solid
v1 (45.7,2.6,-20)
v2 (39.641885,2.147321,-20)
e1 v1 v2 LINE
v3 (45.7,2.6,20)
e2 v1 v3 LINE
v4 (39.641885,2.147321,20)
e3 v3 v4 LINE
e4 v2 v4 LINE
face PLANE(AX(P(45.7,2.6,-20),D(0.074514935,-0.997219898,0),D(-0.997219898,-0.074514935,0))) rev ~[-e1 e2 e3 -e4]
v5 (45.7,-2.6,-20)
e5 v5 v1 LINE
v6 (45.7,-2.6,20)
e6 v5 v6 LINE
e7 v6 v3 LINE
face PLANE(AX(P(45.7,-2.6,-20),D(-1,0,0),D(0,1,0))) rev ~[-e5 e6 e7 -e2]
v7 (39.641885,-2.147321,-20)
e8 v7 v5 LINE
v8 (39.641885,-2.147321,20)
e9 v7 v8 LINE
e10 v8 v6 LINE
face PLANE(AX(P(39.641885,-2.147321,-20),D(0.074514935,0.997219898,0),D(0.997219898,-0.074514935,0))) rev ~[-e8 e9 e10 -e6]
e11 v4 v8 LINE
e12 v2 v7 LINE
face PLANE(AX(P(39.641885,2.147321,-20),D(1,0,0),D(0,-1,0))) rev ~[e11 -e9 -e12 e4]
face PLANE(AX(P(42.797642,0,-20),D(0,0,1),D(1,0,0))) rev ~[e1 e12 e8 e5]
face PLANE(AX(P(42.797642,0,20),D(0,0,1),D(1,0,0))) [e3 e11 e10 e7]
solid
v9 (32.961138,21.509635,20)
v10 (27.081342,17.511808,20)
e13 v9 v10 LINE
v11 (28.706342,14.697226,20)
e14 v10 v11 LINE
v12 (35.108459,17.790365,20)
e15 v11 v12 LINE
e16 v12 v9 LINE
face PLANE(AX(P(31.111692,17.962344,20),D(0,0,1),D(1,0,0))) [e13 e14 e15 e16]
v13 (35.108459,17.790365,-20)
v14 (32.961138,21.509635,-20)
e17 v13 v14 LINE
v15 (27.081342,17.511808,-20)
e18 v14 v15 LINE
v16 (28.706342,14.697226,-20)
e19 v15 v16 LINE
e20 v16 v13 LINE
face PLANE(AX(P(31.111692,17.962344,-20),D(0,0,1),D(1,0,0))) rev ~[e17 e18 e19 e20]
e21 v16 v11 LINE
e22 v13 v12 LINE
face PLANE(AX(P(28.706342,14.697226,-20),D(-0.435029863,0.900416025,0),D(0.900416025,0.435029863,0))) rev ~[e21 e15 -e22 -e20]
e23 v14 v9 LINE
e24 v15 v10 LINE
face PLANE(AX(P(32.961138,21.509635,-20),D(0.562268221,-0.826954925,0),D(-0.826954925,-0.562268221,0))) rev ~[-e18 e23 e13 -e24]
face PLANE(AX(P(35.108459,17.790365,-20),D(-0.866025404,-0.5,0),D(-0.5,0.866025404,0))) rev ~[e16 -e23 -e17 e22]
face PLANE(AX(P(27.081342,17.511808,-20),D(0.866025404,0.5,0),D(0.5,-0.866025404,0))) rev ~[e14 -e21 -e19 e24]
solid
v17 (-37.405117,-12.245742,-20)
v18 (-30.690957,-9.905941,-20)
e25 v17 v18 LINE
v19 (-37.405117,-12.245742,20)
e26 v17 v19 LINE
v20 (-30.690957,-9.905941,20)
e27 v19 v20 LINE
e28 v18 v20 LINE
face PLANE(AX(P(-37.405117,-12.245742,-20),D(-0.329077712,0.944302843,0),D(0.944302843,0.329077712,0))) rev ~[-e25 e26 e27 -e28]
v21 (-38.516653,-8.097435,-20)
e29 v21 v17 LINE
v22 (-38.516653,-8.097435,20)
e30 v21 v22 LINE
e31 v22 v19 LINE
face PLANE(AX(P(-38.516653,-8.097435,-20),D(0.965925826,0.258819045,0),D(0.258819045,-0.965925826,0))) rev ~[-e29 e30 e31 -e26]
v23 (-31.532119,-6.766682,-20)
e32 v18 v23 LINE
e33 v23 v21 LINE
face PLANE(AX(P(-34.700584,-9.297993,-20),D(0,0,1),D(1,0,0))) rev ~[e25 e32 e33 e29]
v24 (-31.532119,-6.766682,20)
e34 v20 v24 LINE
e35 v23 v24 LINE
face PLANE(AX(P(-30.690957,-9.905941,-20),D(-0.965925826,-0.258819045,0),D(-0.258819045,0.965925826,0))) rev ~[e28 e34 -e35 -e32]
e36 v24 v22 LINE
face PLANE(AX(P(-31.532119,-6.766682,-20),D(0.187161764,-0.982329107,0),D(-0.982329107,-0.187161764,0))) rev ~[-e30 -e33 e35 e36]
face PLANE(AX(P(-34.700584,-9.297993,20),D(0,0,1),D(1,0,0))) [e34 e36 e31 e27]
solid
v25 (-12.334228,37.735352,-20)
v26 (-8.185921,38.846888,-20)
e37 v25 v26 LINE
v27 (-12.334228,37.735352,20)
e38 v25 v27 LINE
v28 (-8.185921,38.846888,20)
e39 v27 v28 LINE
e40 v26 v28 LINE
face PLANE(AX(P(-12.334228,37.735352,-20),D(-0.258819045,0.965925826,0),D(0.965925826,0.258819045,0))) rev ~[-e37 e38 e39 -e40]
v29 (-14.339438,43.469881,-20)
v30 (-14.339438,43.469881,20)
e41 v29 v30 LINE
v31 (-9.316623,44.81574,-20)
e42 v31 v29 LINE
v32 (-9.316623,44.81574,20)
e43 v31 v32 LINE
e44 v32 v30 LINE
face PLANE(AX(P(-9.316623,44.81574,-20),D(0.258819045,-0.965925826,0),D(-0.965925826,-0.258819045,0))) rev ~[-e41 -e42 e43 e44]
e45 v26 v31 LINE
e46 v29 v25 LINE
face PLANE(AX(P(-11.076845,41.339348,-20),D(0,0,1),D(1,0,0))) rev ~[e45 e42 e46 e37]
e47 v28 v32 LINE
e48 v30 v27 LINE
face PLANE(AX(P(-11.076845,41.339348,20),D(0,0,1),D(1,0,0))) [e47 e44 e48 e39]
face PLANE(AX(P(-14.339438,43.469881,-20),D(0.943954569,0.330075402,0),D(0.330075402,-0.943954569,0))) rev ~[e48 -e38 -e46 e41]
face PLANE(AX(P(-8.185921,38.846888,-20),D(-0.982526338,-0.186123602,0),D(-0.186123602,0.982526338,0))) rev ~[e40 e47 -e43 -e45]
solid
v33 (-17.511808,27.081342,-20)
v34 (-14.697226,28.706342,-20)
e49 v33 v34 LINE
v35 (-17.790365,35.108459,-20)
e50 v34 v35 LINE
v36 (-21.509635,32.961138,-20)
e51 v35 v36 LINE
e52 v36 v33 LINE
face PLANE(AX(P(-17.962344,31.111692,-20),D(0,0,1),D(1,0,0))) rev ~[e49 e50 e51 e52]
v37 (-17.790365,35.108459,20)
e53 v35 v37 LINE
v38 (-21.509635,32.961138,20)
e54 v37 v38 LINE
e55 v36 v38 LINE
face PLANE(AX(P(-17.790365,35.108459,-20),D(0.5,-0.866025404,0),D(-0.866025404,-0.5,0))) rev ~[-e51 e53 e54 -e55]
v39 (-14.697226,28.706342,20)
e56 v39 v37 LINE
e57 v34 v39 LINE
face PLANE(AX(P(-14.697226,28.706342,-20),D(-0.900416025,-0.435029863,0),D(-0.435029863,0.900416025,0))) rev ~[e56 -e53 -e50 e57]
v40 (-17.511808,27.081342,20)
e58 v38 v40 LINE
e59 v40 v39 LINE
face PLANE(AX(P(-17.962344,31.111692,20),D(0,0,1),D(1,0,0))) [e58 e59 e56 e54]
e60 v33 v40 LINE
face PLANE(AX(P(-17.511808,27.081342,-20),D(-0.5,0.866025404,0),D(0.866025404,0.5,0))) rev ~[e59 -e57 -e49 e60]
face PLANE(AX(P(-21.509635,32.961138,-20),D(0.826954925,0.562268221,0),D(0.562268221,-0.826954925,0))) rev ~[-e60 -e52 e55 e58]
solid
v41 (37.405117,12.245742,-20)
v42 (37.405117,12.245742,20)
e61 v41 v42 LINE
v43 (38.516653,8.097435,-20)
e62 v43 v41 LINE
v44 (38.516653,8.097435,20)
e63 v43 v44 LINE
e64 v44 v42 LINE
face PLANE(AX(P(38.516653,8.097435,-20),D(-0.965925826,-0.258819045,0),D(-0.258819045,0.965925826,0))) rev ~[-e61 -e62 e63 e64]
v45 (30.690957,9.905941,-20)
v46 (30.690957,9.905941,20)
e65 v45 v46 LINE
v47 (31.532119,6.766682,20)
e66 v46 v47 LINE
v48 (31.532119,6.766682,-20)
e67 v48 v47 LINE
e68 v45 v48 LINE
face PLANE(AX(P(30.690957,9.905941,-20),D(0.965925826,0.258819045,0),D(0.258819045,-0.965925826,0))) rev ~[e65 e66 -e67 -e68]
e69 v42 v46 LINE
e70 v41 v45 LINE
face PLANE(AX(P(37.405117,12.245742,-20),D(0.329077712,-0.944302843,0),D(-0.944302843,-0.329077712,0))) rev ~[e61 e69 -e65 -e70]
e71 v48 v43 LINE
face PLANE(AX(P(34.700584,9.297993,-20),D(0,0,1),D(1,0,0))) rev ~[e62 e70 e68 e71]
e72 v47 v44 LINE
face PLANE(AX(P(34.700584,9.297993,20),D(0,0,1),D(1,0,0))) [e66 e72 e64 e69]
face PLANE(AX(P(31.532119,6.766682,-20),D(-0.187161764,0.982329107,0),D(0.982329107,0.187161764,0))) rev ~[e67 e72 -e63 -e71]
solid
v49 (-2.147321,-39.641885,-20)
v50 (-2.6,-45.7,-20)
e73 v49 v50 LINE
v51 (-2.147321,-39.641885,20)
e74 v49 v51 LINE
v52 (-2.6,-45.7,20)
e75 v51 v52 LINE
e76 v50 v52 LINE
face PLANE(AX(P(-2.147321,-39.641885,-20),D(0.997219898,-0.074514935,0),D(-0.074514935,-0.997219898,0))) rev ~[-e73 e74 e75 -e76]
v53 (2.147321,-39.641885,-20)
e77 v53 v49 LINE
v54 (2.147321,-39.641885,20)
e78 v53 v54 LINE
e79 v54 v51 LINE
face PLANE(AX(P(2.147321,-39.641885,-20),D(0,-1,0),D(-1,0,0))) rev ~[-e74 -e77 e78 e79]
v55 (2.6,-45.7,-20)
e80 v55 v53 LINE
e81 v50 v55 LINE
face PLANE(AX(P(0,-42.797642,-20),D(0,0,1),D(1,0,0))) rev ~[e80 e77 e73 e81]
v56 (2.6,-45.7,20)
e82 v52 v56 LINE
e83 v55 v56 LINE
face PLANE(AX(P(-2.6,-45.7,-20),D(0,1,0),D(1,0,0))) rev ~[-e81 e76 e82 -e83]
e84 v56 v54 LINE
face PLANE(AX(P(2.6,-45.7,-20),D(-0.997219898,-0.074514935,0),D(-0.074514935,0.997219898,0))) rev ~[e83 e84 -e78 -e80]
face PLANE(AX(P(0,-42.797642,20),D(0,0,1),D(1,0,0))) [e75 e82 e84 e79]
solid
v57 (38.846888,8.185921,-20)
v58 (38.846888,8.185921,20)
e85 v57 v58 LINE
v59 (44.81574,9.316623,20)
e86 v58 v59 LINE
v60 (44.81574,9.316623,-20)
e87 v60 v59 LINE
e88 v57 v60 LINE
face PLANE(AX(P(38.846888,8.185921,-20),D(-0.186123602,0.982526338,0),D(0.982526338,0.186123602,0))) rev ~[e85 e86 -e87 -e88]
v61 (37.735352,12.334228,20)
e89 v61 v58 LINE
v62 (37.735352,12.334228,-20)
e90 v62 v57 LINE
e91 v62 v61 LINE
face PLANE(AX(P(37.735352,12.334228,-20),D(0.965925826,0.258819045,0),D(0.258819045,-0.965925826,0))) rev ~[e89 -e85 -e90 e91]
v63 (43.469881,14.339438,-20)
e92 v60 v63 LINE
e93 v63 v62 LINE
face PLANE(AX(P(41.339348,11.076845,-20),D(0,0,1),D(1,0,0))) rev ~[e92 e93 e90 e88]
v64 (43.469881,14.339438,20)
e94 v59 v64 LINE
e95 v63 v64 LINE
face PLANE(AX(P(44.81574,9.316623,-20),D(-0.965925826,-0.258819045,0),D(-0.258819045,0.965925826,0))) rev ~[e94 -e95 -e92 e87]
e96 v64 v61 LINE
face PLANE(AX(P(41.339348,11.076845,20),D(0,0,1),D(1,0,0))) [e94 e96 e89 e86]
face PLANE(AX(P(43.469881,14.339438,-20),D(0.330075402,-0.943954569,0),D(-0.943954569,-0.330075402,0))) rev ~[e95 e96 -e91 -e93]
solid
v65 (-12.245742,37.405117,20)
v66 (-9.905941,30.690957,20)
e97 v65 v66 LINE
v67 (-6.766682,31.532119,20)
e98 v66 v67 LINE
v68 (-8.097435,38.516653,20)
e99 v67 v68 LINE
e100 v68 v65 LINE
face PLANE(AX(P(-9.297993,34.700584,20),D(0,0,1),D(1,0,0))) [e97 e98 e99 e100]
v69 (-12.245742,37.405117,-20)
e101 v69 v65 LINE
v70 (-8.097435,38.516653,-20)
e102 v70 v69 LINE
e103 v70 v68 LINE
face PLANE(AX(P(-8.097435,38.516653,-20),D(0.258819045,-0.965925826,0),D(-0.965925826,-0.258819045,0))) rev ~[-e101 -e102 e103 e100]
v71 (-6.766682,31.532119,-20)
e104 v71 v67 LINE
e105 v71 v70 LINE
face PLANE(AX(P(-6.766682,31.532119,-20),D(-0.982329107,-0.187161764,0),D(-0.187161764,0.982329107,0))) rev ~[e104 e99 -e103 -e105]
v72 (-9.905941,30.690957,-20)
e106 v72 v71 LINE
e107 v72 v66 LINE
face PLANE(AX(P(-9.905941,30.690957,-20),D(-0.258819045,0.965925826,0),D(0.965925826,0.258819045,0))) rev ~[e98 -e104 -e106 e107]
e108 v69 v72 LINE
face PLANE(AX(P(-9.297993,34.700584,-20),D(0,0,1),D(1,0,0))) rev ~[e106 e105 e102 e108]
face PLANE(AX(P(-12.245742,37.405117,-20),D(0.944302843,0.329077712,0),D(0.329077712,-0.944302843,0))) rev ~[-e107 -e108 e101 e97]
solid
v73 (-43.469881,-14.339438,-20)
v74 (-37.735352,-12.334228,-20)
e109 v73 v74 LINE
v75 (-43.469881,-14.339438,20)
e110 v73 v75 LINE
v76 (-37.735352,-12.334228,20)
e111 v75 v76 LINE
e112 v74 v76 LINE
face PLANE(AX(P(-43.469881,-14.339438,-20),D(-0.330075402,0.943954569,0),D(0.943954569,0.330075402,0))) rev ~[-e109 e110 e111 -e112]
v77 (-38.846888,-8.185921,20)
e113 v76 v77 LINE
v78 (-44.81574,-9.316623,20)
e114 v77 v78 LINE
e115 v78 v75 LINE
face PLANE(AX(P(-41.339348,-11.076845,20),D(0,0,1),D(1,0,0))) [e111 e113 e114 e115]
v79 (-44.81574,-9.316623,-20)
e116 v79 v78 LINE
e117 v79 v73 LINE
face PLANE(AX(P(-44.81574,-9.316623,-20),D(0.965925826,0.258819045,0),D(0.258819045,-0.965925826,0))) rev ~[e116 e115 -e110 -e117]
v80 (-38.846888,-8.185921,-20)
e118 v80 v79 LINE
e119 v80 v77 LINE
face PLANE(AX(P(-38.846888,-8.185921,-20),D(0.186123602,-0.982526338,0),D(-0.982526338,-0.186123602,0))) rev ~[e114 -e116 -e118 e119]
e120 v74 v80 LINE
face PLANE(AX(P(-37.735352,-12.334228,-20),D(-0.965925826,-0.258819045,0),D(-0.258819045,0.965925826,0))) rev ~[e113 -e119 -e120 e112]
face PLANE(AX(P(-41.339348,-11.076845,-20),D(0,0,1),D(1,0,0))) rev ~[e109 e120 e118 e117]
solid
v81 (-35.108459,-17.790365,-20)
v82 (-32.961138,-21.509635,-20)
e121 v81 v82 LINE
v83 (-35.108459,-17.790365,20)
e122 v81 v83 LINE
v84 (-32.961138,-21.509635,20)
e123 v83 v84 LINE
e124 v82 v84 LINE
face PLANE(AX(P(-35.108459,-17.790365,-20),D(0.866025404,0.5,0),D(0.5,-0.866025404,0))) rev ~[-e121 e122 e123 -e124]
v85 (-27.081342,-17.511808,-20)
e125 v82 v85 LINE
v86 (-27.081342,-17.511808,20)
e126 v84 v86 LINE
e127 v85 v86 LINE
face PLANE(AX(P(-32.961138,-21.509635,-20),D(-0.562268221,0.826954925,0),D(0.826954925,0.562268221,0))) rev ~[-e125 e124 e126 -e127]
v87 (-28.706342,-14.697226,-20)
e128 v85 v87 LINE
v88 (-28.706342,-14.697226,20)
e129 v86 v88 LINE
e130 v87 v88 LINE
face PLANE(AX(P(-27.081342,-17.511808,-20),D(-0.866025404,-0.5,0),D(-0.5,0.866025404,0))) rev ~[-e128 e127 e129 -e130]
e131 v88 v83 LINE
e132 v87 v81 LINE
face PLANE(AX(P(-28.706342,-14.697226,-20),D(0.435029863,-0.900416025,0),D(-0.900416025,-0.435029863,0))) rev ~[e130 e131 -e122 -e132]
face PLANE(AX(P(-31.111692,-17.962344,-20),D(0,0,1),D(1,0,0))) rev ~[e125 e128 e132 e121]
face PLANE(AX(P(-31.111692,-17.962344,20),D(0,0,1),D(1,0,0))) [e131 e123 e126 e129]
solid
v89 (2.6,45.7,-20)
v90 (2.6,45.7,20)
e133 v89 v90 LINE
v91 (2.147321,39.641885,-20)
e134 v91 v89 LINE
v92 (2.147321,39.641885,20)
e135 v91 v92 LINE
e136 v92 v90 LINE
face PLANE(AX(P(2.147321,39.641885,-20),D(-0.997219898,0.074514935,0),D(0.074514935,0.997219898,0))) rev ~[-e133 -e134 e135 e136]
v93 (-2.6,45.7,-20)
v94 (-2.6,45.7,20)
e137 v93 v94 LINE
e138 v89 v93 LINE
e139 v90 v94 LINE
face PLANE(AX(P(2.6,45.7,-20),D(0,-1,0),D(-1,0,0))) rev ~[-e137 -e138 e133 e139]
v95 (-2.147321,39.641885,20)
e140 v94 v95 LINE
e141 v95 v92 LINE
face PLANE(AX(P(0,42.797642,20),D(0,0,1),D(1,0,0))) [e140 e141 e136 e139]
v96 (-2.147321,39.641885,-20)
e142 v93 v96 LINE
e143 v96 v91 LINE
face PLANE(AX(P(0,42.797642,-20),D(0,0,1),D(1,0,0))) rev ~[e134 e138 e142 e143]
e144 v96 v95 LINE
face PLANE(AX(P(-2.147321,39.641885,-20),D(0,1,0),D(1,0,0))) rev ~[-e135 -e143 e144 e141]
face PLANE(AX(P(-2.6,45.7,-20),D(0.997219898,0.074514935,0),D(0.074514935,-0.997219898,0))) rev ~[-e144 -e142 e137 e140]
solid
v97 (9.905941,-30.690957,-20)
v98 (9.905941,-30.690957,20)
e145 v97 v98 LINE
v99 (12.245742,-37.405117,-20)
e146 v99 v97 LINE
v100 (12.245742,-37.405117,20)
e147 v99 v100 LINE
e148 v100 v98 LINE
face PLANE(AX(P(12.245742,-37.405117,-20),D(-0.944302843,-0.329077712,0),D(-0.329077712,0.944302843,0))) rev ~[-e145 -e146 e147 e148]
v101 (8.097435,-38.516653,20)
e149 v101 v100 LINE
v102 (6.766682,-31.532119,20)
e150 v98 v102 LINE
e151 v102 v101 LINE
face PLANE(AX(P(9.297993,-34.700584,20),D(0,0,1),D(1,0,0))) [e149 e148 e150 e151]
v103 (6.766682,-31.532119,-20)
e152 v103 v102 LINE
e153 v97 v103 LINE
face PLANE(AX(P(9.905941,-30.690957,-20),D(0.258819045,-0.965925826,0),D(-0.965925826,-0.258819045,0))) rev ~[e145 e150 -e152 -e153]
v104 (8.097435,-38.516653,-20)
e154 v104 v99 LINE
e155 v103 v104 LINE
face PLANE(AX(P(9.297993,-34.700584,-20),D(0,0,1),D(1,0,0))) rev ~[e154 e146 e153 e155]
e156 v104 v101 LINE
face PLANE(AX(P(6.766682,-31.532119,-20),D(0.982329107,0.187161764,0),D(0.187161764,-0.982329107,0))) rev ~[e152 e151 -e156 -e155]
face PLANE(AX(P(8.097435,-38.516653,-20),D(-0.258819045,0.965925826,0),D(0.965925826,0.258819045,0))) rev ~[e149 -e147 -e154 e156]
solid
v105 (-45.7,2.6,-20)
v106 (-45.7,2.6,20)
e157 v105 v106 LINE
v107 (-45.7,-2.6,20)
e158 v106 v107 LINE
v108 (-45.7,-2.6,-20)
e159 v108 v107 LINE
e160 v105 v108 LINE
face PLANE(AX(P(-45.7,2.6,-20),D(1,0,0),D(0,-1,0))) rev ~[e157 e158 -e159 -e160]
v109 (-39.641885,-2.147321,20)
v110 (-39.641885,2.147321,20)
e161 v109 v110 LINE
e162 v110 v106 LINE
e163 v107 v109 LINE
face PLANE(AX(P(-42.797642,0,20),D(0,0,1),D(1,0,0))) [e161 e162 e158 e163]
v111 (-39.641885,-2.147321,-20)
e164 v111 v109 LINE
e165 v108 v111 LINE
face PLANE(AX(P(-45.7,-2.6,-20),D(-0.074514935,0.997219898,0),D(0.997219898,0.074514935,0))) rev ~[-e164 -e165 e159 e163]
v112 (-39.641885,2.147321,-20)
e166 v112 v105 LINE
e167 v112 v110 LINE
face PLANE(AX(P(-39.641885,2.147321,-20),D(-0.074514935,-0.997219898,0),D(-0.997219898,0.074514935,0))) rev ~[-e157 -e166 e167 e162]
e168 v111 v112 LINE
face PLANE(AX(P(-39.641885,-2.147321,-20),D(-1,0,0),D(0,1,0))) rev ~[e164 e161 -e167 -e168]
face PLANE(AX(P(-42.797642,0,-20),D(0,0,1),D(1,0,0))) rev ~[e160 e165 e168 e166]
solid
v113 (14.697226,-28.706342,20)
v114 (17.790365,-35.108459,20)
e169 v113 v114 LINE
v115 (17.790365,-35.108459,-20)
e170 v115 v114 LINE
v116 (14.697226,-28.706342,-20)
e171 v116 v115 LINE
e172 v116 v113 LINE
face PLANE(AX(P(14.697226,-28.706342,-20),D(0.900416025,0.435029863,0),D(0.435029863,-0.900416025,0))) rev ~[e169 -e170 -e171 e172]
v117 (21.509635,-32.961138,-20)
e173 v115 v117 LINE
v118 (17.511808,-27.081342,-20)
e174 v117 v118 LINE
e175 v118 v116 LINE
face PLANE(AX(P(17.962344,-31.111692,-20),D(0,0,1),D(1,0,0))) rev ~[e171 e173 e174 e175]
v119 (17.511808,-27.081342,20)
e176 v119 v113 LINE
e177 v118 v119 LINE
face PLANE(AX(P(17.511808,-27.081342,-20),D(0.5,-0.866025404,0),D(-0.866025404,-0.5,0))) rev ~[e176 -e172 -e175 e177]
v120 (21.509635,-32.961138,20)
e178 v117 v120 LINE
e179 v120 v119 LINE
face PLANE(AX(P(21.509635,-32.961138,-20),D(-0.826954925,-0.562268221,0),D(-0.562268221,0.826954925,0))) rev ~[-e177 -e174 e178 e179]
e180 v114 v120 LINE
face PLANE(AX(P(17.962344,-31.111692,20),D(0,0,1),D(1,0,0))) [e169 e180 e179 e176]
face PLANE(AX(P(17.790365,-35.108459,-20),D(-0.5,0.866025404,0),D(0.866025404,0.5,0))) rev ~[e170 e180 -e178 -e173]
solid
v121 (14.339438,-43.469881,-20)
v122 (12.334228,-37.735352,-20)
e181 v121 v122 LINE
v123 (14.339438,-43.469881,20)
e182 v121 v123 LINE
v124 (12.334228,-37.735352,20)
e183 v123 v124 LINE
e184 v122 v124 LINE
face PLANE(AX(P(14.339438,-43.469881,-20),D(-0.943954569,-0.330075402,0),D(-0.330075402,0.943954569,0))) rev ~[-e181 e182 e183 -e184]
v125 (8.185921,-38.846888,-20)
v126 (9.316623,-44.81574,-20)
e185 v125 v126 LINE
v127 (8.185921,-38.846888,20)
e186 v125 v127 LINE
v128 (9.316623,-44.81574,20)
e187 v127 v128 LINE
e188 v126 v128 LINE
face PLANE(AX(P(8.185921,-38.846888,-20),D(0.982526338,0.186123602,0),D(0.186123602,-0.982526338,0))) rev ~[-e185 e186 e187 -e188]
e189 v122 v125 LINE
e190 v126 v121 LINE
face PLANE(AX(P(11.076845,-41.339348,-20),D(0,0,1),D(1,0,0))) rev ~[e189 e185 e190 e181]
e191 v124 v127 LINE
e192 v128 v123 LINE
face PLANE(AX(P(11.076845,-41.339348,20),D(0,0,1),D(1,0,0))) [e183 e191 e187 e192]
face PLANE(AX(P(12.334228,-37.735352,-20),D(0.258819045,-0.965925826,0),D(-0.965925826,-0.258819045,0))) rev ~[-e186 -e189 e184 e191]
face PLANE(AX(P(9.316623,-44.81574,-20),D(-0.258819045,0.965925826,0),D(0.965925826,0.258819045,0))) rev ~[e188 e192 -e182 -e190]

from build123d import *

# Parameters (mm, degrees)
COIL_SIDES_START    = -20
COIL_SIDES_DEPTH    = 40
COIL_SIDES_2_DEPTH  = 40
COIL_SIDES_3_DEPTH  = 40
COIL_SIDES_4_DEPTH  = 40
COIL_SIDES_5_DEPTH  = 40
COIL_SIDES_6_DEPTH  = 40
COIL_SIDES_7_DEPTH  = 40
COIL_SIDES_8_DEPTH  = 40
COIL_SIDES_9_DEPTH  = 40
COIL_SIDES_10_DEPTH = 40
COIL_SIDES_11_DEPTH = 40
COIL_SIDES_12_DEPTH = 40
COIL_SIDES_13_DEPTH = 40
COIL_SIDES_14_DEPTH = 40
COIL_SIDES_15_DEPTH = 40
COIL_SIDES_16_DEPTH = 40


with BuildPart() as part:
    # Эскиз1 → Coil_sides (new body)
    with BuildSketch(Plane.XY.offset(COIL_SIDES_START)):
        Polygon((39.64188455, -2.147321429), (45.7, -2.6), (45.7, 2.6), (39.64188455, 2.147321429), align=None)
    extrude(amount=COIL_SIDES_DEPTH)


with BuildPart() as body_2:
    # Эскиз1 → Coil_sides 2 (new body)
    with BuildSketch(Plane.XY.offset(COIL_SIDES_START)):
        Polygon((31.532118785, 6.766681971), (38.516652655, 8.097435247), (37.405117291, 12.245741698), (30.690956889, 9.905940906), align=None)
    extrude(amount=COIL_SIDES_2_DEPTH)


with BuildPart() as body_3:
    # Эскиз1 → Coil_sides 3 (new body)
    with BuildSketch(Plane.XY.offset(COIL_SIDES_START)):
        Polygon((38.846887771, 8.18592148), (44.815739779, 9.316623213), (43.469880744, 14.33943751), (37.735352408, 12.334227931), align=None)
    extrude(amount=COIL_SIDES_3_DEPTH)


with BuildPart() as body_4:
    # Эскиз1 → Coil_sides 4 (new body)
    with BuildSketch(Plane.XY.offset(COIL_SIDES_START)):
        Polygon((28.706341726, 14.697225748), (35.108459083, 17.790365093), (32.961137654, 21.509634907), (27.081341726, 17.511808311), align=None)
    extrude(amount=COIL_SIDES_4_DEPTH)


with BuildPart() as body_5:
    # Эскиз1 → Coil_sides 5 (new body)
    with BuildSketch(Plane.XY.offset(COIL_SIDES_START)):
        Polygon((2.147321429, 39.64188455), (2.6, 45.7), (-2.6, 45.7), (-2.147321429, 39.64188455), align=None)
    extrude(amount=COIL_SIDES_5_DEPTH)


with BuildPart() as body_6:
    # Эскиз1 → Coil_sides 6 (new body)
    with BuildSketch(Plane.XY.offset(COIL_SIDES_START)):
        Polygon((-6.766681971, 31.532118785), (-8.097435247, 38.516652655), (-12.245741698, 37.405117291), (-9.905940906, 30.690956889), align=None)
    extrude(amount=COIL_SIDES_6_DEPTH)


with BuildPart() as body_7:
    # Эскиз1 → Coil_sides 7 (new body)
    with BuildSketch(Plane.XY.offset(COIL_SIDES_START)):
        Polygon((-8.18592148, 38.846887771), (-9.316623213, 44.815739779), (-14.33943751, 43.469880744), (-12.334227931, 37.735352408), align=None)
    extrude(amount=COIL_SIDES_7_DEPTH)


with BuildPart() as body_8:
    # Эскиз1 → Coil_sides 8 (new body)
    with BuildSketch(Plane.XY.offset(COIL_SIDES_START)):
        Polygon((-14.697225748, 28.706341726), (-17.790365093, 35.108459083), (-21.509634907, 32.961137654), (-17.511808311, 27.081341726), align=None)
    extrude(amount=COIL_SIDES_8_DEPTH)


with BuildPart() as body_9:
    # Эскиз1 → Coil_sides 9 (new body)
    with BuildSketch(Plane.XY.offset(COIL_SIDES_START)):
        Polygon((-39.64188455, 2.147321429), (-45.7, 2.6), (-45.7, -2.6), (-39.64188455, -2.147321429), align=None)
    extrude(amount=COIL_SIDES_9_DEPTH)


with BuildPart() as body_10:
    # Эскиз1 → Coil_sides 10 (new body)
    with BuildSketch(Plane.XY.offset(COIL_SIDES_START)):
        Polygon((-31.532118785, -6.766681971), (-38.516652655, -8.097435247), (-37.405117291, -12.245741698), (-30.690956889, -9.905940906), align=None)
    extrude(amount=COIL_SIDES_10_DEPTH)


with BuildPart() as body_11:
    # Эскиз1 → Coil_sides 11 (new body)
    with BuildSketch(Plane.XY.offset(COIL_SIDES_START)):
        Polygon((-38.846887771, -8.18592148), (-44.815739779, -9.316623213), (-43.469880744, -14.33943751), (-37.735352408, -12.334227931), align=None)
    extrude(amount=COIL_SIDES_11_DEPTH)


with BuildPart() as body_12:
    # Эскиз1 → Coil_sides 12 (new body)
    with BuildSketch(Plane.XY.offset(COIL_SIDES_START)):
        Polygon((-28.706341726, -14.697225748), (-35.108459083, -17.790365093), (-32.961137654, -21.509634907), (-27.081341726, -17.511808311), align=None)
    extrude(amount=COIL_SIDES_12_DEPTH)


with BuildPart() as body_13:
    # Эскиз1 → Coil_sides 13 (new body)
    with BuildSketch(Plane.XY.offset(COIL_SIDES_START)):
        Polygon((-2.147321429, -39.64188455), (-2.6, -45.7), (2.6, -45.7), (2.147321429, -39.64188455), align=None)
    extrude(amount=COIL_SIDES_13_DEPTH)


with BuildPart() as body_14:
    # Эскиз1 → Coil_sides 14 (new body)
    with BuildSketch(Plane.XY.offset(COIL_SIDES_START)):
        Polygon((6.766681971, -31.532118785), (8.097435247, -38.516652655), (12.245741698, -37.405117291), (9.905940906, -30.690956889), align=None)
    extrude(amount=COIL_SIDES_14_DEPTH)


with BuildPart() as body_15:
    # Эскиз1 → Coil_sides 15 (new body)
    with BuildSketch(Plane.XY.offset(COIL_SIDES_START)):
        Polygon((8.18592148, -38.846887771), (9.316623213, -44.815739779), (14.33943751, -43.469880744), (12.334227931, -37.735352408), align=None)
    extrude(amount=COIL_SIDES_15_DEPTH)


with BuildPart() as body_16:
    # Эскиз1 → Coil_sides 16 (new body)
    with BuildSketch(Plane.XY.offset(COIL_SIDES_START)):
        Polygon((14.697225748, -28.706341726), (17.790365093, -35.108459083), (21.509634907, -32.961137654), (17.511808311, -27.081341726), align=None)
    extrude(amount=COIL_SIDES_16_DEPTH)


solid = Compound([part.part, body_2.part, body_3.part, body_4.part, body_5.part, body_6.part, body_7.part, body_8.part, body_9.part, body_10.part, body_11.part, body_12.part, body_13.part, body_14.part, body_15.part, body_16.part])
